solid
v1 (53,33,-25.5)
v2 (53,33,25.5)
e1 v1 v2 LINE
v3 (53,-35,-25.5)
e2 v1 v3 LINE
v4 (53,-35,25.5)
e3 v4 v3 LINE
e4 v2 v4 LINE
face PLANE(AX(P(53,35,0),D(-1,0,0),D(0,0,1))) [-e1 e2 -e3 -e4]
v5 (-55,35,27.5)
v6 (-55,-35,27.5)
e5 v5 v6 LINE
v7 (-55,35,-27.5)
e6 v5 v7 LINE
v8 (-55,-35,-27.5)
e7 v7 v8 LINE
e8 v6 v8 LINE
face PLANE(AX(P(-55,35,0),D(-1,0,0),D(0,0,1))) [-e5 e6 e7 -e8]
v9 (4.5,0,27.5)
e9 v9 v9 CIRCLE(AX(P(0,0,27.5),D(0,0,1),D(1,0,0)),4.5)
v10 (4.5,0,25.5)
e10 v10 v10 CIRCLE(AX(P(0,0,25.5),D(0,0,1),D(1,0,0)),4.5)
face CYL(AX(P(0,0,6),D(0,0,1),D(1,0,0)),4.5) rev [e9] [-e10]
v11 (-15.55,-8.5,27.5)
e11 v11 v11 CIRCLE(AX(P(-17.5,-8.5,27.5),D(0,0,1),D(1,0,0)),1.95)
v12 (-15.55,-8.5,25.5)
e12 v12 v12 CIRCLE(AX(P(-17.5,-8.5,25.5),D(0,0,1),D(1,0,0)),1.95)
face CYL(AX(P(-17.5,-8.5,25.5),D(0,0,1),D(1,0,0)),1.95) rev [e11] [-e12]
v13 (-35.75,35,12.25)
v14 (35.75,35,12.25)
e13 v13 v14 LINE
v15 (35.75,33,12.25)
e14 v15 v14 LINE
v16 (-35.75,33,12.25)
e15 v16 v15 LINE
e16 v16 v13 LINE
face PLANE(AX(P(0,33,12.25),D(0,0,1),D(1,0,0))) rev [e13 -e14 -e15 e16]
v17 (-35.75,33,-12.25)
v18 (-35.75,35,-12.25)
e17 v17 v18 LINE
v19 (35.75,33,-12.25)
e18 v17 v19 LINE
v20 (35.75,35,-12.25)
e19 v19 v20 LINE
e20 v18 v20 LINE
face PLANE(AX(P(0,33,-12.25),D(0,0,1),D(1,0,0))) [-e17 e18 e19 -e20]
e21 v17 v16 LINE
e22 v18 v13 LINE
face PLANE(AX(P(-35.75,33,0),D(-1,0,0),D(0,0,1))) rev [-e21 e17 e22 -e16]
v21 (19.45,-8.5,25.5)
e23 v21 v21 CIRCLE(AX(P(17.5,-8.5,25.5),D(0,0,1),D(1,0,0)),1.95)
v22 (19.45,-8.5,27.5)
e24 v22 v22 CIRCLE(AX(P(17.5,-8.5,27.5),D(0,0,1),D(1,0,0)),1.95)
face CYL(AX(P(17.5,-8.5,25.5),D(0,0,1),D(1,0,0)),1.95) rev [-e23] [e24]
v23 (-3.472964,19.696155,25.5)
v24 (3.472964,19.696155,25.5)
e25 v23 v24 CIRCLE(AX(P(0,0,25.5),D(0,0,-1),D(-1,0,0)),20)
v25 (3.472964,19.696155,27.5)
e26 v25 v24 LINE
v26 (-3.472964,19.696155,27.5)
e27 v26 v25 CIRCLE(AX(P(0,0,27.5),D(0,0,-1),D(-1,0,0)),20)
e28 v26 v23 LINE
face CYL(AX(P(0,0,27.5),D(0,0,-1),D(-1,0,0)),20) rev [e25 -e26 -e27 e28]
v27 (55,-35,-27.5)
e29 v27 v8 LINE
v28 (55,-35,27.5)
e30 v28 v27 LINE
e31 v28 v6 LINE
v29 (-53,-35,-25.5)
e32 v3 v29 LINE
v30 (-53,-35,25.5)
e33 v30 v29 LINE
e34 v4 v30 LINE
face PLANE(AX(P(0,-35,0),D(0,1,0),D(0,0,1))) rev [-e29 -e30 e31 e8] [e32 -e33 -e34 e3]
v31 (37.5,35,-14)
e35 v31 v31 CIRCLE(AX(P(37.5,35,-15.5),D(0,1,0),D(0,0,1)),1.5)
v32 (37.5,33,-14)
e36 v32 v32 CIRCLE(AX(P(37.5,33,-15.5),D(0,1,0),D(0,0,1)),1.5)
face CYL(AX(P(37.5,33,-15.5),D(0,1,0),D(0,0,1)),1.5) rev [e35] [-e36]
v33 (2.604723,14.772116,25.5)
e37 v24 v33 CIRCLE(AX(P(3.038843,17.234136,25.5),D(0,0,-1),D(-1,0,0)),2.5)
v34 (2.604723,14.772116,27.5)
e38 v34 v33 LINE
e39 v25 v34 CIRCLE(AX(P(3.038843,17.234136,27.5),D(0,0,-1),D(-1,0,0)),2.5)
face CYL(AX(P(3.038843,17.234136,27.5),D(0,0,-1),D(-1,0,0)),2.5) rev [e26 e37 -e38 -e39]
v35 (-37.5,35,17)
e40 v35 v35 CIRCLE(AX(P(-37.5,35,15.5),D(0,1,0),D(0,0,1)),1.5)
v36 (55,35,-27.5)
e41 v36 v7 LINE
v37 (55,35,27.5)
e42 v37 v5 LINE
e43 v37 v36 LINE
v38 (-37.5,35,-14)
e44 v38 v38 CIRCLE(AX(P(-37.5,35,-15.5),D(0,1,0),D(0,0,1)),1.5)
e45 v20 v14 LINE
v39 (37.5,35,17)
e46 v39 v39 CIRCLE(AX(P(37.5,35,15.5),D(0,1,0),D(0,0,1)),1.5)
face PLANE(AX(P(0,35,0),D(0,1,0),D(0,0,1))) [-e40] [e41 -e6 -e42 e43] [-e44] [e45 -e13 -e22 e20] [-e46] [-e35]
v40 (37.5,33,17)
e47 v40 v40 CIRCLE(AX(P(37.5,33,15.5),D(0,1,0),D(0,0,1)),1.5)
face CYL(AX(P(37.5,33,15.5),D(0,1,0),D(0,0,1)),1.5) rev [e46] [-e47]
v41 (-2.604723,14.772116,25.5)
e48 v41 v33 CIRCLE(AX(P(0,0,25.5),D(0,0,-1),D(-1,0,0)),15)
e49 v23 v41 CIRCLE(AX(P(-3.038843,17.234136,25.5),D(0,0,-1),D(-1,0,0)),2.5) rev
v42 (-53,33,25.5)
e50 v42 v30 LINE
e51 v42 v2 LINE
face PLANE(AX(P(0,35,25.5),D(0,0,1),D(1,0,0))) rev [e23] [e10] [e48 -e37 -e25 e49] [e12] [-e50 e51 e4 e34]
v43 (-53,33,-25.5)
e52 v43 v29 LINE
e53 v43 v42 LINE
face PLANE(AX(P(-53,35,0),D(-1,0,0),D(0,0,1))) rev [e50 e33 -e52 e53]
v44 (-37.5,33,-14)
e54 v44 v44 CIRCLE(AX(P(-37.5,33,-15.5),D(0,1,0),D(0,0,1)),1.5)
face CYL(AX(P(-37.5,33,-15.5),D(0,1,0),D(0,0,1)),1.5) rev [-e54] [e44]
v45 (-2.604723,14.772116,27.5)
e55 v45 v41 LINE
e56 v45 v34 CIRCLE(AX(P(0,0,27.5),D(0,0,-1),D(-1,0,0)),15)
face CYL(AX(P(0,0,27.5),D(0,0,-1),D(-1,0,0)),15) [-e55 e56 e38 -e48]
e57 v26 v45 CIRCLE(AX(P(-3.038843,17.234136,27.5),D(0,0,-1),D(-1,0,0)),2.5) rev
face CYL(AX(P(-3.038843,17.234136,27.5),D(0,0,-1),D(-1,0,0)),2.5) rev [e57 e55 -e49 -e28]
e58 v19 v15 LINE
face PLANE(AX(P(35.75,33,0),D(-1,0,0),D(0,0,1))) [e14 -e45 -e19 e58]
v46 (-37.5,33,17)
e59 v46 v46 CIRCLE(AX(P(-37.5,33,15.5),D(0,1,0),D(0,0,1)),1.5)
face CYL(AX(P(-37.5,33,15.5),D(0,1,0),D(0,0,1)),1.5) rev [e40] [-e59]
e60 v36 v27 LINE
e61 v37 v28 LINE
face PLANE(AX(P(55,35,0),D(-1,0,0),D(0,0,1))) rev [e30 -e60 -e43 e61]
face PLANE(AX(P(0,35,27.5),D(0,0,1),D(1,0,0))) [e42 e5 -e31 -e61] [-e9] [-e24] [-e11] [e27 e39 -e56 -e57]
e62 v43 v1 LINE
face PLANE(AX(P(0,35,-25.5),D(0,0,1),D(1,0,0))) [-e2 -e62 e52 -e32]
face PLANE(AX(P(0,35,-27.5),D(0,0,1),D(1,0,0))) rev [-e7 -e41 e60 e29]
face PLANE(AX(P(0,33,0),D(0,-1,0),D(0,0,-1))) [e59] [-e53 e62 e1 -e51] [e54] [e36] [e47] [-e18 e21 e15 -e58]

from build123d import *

# Parameters (mm, degrees)
SKETCH1_W           = 4.5
SKETCH1_H           = 2
BOSS_EXTRUDE1_DEPTH = 35
BOSS_EXTRUDE2_START = 35
SKETCH1_3_R         = 1.5
SKETCH1_3_W         = 71.5
SKETCH1_3_H         = 24.5
BOSS_EXTRUDE2_DEPTH = 2
SKETCH1_5_W         = 4.5
SKETCH1_5_H         = 2
SKETCH3_R           = 2
CUT_EXTRUDE1_DEPTH  = 2
MOVE_FACE1_BY       = 0.05
MOVE_FACE1_2_BY     = 0.05
CUT_EXTRUDE2_DEPTH  = 85.017855245


with BuildPart() as part:
    # Sketch1 → Boss-Extrude1 (new, symmetric)
    with BuildSketch(Plane(origin=(0, 0, 0), x_dir=(1, 0, 0), z_dir=(0, 1, 0))):
        Polygon((-53, 25.5), (53, 25.5), (53, -25.5), (14, -25.5), (0, -25.5), (0, -27.5), (55, -27.5), (55, 27.5), (-55, 27.5), (-55, -27.5), (-4.5, -27.5), (-4.5, -25.5), (-14, -25.5), (-53, -25.5), align=None)
        with Locations((-2.25, -26.5)):
            Rectangle(SKETCH1_W, SKETCH1_H)
    extrude(amount=BOSS_EXTRUDE1_DEPTH, both=True)

    # Sketch1<3> → Boss-Extrude2 (add)
    with BuildSketch(Plane(origin=(0, 0, 0), x_dir=(1, 0, 0), z_dir=(0, 1, 0)).offset(BOSS_EXTRUDE2_START)):
        Polygon((53, -25.5), (53, 25.5), (-53, 25.5), (-53, -25.5), (-14, -25.5), (-4.5, -25.5), (0, -25.5), (14, -25.5), align=None)
        with Locations(Location((-37.5, -15.5, 0), (0, 0, 270))):
            Circle(SKETCH1_3_R, mode=Mode.SUBTRACT)
        with Locations(Location((37.5, -15.5, 0), (0, 0, 270))):
            Circle(SKETCH1_3_R, mode=Mode.SUBTRACT)
        Rectangle(SKETCH1_3_W, SKETCH1_3_H, mode=Mode.SUBTRACT)
        with Locations(Location((-37.5, 15.5, 0), (0, 0, 270))):
            Circle(SKETCH1_3_R, mode=Mode.SUBTRACT)
        with Locations(Location((37.5, 15.5, 0), (0, 0, 270))):
            Circle(SKETCH1_3_R, mode=Mode.SUBTRACT)
    extrude(amount=-BOSS_EXTRUDE2_DEPTH)

    # Sketch1<5> → Cut-Revolve1 (revolve, cut)
    with BuildSketch(Plane(origin=(0, 0, 0), x_dir=(1, 0, 0), z_dir=(0, 1, 0)), mode=Mode.PRIVATE) as cut_revolve1_sk:
        with Locations((-2.25, -26.5)):
            Rectangle(SKETCH1_5_W, SKETCH1_5_H)
    revolve(cut_revolve1_sk.sketch.rotate(Axis((0, 0, 6), (0, 0, -1)), 180), axis=Axis((0, 0, 6), (0, 0, -1)), mode=Mode.SUBTRACT)

    # Sketch3 → Cut-Extrude1 (cut)
    with BuildSketch(Plane.XY.offset(27.5)):
        with Locations((-17.5, -8.5)):
            Circle(SKETCH3_R)
        with Locations((17.5, -8.5)):
            Circle(SKETCH3_R)
    extrude(amount=-CUT_EXTRUDE1_DEPTH, mode=Mode.SUBTRACT)

    # Move Face1: a curved face moved outward by 0.05
    add(Solid.thicken(part.faces().sort_by_distance((15.5, -8.5, 26.5))[0], MOVE_FACE1_BY))

    # Move Face1 2: a curved face moved outward by 0.05
    add(Solid.thicken(part.faces().sort_by_distance((-19.5, -8.5, 26.5))[0], MOVE_FACE1_2_BY))

    # Sketch5 → Cut-Extrude2 (cut, through all)
    with BuildSketch(Plane(origin=(0, 0, 25.5), x_dir=(-1, 0, 0), z_dir=(0, 0, -1))):
        with BuildLine():
            Line((3.472963553, 19.69615506), (2.604722665, 14.772116295))
            ThreePointArc((2.604722665, 14.772116295), (5.500862492, 16.800015234), (3.472963553, 19.69615506))
        make_face()
        with BuildLine():
            ThreePointArc((-2.604722665, 14.772116295), (0, 15), (2.604722665, 14.772116295))
            Line((2.604722665, 14.772116295), (3.472963553, 19.69615506))
            ThreePointArc((3.472963553, 19.69615506), (0, 20), (-3.472963553, 19.69615506))
            Line((-3.472963553, 19.69615506), (-2.604722665, 14.772116295))
        make_face()
        with BuildLine():
            ThreePointArc((-3.472963553, 19.69615506), (-5.500862492, 16.800015234), (-2.604722665, 14.772116295))
            Line((-2.604722665, 14.772116295), (-3.472963553, 19.69615506))
        make_face()
    extrude(amount=-CUT_EXTRUDE2_DEPTH, mode=Mode.SUBTRACT)


solid = part.part
